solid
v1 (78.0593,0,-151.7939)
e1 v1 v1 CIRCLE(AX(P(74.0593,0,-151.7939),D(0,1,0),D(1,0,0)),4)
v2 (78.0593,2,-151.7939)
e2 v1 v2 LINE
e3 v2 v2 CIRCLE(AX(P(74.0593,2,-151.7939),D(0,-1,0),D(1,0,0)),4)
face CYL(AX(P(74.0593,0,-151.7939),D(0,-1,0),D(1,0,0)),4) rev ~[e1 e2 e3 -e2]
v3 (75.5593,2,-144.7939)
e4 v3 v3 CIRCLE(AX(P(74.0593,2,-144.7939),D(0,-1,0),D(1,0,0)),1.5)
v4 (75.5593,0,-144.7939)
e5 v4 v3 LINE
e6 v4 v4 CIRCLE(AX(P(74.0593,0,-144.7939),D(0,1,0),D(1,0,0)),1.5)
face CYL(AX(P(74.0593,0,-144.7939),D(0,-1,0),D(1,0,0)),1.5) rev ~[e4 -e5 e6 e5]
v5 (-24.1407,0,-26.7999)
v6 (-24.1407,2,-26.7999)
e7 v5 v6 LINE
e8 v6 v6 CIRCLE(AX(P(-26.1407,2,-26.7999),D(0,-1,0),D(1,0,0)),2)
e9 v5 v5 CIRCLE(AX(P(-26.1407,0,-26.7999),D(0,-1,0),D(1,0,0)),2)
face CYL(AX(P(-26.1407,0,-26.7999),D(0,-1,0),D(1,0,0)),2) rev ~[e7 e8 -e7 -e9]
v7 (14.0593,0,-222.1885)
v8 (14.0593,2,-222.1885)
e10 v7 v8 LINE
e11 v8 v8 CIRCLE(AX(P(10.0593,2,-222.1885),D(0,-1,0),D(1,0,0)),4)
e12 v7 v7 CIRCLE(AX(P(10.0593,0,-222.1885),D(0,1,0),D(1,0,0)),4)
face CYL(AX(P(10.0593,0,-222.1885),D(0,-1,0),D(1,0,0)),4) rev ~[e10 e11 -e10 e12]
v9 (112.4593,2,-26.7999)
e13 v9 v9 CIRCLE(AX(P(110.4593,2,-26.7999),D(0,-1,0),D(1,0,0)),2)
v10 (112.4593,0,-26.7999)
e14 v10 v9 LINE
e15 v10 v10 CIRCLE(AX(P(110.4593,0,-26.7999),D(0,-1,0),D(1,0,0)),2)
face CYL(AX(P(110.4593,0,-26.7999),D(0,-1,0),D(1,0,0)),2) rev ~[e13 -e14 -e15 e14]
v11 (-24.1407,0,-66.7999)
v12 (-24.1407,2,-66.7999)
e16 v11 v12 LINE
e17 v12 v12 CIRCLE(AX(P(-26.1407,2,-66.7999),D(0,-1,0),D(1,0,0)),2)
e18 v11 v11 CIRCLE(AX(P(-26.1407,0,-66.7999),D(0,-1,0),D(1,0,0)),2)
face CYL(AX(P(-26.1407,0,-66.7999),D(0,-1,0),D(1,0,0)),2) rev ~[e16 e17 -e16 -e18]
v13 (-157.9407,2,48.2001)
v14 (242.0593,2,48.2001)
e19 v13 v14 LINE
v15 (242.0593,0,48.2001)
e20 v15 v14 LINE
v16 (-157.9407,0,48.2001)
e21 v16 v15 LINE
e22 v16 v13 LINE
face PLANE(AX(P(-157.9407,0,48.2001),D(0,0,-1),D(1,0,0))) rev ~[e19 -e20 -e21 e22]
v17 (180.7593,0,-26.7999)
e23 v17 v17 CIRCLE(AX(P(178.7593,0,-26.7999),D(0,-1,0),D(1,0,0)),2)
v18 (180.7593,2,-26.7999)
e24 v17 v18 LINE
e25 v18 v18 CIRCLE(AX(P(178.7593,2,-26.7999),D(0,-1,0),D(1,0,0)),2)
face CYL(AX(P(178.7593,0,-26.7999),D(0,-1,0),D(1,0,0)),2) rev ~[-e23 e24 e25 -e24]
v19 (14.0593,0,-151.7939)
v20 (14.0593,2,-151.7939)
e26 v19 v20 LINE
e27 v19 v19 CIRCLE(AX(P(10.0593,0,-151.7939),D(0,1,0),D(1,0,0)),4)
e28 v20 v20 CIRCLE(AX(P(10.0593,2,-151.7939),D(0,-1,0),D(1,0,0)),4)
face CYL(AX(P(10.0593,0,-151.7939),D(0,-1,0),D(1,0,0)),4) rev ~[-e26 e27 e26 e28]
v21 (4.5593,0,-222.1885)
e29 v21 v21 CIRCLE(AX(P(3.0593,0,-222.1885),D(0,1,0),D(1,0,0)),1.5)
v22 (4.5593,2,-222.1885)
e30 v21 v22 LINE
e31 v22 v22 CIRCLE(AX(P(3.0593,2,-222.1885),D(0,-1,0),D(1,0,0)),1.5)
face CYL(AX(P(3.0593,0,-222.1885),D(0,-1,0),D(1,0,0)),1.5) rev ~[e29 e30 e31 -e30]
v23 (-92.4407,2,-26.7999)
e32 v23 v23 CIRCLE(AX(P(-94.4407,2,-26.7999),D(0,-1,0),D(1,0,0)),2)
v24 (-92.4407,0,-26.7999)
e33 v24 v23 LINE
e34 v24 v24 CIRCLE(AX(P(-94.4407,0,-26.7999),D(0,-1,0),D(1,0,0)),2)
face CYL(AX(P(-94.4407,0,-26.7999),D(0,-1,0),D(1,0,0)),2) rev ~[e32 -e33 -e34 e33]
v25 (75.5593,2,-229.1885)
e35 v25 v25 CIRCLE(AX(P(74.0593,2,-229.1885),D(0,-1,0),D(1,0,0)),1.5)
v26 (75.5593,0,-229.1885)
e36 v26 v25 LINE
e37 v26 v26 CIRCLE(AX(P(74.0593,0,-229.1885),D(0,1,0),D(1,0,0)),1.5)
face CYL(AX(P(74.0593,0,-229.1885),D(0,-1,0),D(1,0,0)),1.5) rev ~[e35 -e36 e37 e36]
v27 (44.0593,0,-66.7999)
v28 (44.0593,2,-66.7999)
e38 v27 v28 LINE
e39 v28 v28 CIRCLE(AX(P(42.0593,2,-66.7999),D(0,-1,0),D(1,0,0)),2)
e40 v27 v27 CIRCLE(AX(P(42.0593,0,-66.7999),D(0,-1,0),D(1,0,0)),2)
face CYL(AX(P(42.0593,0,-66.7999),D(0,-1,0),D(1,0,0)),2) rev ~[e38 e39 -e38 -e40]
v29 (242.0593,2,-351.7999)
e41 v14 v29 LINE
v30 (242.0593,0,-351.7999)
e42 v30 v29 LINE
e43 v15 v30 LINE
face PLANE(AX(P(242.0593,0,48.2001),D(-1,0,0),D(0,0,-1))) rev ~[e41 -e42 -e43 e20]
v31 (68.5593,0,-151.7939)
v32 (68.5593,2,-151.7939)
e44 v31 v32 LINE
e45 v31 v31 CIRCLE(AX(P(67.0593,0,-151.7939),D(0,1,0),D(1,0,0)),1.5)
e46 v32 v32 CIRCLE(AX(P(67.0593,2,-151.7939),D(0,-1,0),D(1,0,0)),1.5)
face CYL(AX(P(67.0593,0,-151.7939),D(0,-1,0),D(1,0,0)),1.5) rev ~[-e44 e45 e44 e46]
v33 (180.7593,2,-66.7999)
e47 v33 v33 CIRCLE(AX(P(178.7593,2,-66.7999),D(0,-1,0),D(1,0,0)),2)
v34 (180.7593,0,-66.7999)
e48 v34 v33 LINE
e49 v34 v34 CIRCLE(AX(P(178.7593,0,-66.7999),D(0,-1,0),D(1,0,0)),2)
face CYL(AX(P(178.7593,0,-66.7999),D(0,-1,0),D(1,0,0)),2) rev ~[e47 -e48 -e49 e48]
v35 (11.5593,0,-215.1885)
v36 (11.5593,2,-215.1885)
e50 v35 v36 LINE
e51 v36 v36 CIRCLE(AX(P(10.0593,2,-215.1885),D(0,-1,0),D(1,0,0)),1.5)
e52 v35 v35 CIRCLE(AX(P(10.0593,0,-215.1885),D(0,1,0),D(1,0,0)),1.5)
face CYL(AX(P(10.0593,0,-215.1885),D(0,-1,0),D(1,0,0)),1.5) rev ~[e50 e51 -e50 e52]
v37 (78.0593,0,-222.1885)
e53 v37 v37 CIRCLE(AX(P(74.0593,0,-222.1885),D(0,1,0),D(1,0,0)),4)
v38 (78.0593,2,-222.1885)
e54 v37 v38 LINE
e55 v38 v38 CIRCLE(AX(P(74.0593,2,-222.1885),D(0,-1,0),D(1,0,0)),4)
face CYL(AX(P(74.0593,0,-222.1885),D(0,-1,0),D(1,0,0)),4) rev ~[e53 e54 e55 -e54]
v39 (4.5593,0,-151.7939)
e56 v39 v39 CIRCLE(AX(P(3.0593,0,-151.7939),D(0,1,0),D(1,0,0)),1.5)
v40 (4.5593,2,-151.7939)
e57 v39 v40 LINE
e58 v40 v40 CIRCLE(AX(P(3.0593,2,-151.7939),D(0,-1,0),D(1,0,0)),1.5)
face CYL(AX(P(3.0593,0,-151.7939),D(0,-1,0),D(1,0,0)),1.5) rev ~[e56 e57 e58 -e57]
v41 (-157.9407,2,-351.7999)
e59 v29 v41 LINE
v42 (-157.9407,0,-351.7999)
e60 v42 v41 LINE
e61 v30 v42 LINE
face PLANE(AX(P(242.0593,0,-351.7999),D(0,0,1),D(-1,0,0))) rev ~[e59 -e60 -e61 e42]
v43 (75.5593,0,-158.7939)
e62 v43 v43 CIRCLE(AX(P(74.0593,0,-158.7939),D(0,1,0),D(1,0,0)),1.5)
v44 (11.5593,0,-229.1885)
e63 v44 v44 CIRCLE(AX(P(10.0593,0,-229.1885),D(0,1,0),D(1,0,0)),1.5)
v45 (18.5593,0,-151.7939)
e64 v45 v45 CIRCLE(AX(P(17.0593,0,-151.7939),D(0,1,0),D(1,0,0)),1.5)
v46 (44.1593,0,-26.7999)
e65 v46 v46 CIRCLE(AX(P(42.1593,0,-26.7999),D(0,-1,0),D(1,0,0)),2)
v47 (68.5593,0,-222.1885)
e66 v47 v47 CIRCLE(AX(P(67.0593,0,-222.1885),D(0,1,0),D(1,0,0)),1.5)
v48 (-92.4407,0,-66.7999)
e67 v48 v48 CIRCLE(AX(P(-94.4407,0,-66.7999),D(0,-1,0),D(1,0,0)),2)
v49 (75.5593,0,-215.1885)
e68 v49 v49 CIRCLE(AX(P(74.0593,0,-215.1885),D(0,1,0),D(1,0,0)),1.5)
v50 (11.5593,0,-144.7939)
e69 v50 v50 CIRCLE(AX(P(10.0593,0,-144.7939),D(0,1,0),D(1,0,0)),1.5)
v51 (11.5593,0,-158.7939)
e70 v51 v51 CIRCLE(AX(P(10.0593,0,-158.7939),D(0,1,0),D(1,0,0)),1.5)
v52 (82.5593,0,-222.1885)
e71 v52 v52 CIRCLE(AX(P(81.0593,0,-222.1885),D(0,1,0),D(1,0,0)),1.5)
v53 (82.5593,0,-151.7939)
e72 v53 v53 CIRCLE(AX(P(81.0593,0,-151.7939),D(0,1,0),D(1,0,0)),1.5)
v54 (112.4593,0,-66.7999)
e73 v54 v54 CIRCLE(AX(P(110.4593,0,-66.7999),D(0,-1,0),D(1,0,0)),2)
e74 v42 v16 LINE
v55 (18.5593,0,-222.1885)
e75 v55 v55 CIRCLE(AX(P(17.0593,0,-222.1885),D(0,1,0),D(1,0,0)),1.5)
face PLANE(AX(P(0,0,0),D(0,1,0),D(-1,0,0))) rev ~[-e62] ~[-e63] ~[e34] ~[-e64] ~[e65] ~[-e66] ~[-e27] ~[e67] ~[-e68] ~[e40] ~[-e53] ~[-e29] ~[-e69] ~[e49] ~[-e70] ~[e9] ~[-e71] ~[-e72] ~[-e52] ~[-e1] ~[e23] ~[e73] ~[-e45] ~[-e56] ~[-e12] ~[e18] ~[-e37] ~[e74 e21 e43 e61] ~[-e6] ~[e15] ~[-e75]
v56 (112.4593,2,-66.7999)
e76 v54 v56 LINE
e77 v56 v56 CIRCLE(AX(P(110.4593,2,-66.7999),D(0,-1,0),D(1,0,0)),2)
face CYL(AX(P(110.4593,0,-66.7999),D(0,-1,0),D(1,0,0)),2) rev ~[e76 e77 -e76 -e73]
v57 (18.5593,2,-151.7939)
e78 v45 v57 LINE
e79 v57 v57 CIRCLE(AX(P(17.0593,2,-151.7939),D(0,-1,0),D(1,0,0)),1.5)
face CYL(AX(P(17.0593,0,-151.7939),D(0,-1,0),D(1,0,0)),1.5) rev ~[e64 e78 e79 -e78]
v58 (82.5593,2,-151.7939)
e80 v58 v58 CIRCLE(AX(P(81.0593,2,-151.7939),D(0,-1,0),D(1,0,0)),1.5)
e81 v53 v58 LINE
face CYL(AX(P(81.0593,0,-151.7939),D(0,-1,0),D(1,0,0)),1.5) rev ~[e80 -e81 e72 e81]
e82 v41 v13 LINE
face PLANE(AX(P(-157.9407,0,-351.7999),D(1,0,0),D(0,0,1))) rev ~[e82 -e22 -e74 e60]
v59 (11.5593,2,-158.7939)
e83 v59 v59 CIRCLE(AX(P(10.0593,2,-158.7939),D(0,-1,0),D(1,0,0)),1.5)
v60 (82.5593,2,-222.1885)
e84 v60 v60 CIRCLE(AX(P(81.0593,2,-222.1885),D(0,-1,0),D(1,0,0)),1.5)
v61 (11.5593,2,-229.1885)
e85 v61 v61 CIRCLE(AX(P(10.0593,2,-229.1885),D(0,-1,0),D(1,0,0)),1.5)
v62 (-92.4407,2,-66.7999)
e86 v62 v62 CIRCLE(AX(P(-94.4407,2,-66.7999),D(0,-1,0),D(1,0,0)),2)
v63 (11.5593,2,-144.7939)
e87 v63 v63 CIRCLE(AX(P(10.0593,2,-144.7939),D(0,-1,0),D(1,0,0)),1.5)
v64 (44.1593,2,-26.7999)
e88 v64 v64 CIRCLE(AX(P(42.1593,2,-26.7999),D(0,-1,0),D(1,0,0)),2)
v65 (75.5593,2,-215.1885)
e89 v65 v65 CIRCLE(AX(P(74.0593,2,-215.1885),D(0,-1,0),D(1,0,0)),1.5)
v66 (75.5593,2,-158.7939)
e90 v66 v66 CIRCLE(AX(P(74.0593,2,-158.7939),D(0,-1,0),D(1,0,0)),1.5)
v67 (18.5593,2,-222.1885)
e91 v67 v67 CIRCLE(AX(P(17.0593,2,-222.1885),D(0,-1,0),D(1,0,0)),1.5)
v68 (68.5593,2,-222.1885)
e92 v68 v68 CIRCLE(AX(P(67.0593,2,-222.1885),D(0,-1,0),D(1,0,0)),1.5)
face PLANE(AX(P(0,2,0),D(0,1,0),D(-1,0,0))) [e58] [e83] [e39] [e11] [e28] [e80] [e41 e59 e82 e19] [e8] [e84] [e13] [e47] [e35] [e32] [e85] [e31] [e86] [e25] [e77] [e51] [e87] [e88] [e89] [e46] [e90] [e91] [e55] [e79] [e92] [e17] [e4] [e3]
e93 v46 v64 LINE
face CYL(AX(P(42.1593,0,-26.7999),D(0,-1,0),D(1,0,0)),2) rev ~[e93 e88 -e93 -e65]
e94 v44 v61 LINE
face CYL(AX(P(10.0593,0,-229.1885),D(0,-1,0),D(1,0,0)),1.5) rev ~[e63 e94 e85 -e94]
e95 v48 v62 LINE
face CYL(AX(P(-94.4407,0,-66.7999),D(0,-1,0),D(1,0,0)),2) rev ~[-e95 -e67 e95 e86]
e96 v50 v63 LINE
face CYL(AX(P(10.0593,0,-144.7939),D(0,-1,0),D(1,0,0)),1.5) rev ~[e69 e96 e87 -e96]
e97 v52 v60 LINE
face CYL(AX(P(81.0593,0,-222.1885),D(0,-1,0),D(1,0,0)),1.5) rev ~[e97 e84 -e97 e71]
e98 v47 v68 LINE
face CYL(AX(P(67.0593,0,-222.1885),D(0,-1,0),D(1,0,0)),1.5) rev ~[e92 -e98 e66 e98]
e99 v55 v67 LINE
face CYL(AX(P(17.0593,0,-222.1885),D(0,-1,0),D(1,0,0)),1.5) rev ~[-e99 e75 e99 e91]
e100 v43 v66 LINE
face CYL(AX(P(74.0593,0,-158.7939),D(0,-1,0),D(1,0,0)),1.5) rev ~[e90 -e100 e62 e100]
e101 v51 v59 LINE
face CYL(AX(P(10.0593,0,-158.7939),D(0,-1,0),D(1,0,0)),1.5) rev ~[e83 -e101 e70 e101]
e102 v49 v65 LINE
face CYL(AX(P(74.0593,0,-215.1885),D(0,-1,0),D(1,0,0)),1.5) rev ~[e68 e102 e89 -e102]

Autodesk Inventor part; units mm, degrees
ref_plane "YZ Plane" through (0, 0, 0) normal (1, 0, 0) x (0, 1, 0)
ref_plane "XZ Plane" through (0, 0, 0) normal (0, 1, 0) x (-1, 0, 0)
ref_plane "XY Plane" through (0, 0, 0) normal (0, 0, 1) x (1, 0, 0)
sketch "Эскиз1" plane through (0, 0, 0) normal (0, 1, 0) x (-1, 0, 0)
  line L0 (157.9407, 48.2001) -> (-242.0593, 48.2001)
  line L1 (-242.0593, 48.2001) -> (-242.0593, -351.7999)
  line L2 (-242.0593, -351.7999) -> (157.9407, -351.7999)
  line L3 (157.9407, -351.7999) -> (157.9407, 48.2001)
  point P0 (0, 0)
  dimension "d0" = 400
  dimension "d1" = 400
extrude "Выдавливание1" add sketch "Эскиз1" along normal blind 2
sketch "Эскиз6" plane through (0, 0, 0) normal (0, -1, 0) x (1, 0, 0)
  line L0 (242.0593, -351.7999) -> (-157.9407, -351.7999) projected
  line L1 (-157.9407, -351.7999) -> (-157.9407, 48.2001) projected
  circle A0 centre (10.0593, -151.7939) radius 4
  circle A1 centre (42.0593, -186.9912) radius 47.5694
  circle A2 centre (74.0593, -151.7939) radius 4
  circle A3 centre (74.0593, -222.1885) radius 4
  circle A4 centre (10.0593, -222.1885) radius 4
  point P0 (0, 0)
  point P1 (42.0593, -351.7999)
  point P2 (-157.9407, -151.7999)
  point P3 (27.0149, -151.5386)
  dimension "d22" = 8
  dimension "d23" = 8
  dimension "d24" = 8
  dimension "d25" = 8
  dimension "d26" = 70.3946
  dimension "d27" = 64
  dimension "d28" = 70.3946
  dimension "d29" = 64
extrude "Выдавливание3" cut sketch "Эскиз6" against normal blind 10 contours A0 A1 | A1 A0 | A2 A1 | A1 A2 | A4 A1 | A1 A4 | A3 A1 | A1 A3
sketch "Эскиз7" plane through (0, 0, 0) normal (0, -1, 0) x (1, 0, 0)
  circle A0 centre (178.7593, -26.7999) radius 2
  circle A1 centre (-94.4407, -26.7999) radius 2
  circle A2 centre (-26.1407, -26.7999) radius 2
  circle A3 centre (42.1593, -26.7999) radius 2
  circle A4 centre (110.4593, -26.7999) radius 2
  line L0 (242.0593, 48.2001) -> (242.0593, -351.7999) projected
  line L1 (-157.9407, 48.2001) -> (242.0593, 48.2001) projected
  circle A5 centre (178.7593, -66.7999) radius 2
  circle A6 centre (110.4593, -66.7999) radius 2
  circle A7 centre (42.0593, -66.7999) radius 2
  circle A8 centre (-26.1407, -66.7999) radius 2
  circle A9 centre (-94.4407, -66.7999) radius 2
  point P0 (0, 0)
  dimension "d33" = 4
  dimension "d34" = 4
  dimension "d35" = 4
  dimension "d36" = 4
  dimension "d37" = 4
  dimension "d38" = 63.3
  dimension "d39" = 75
  dimension "d40" = 68.3
  dimension "d41" = 68.3
  dimension "d42" = 68.3
  dimension "d43" = 68.3
  dimension "d44" = 4
  dimension "d45" = 4
  dimension "d46" = 4
  dimension "d47" = 4
  dimension "d48" = 40
  dimension "d49" = 40
  dimension "d50" = 40
  dimension "d51" = 40
  dimension "d52" = 40
  dimension "d77" = 4
extrude "Выдавливание4" cut sketch "Эскиз7" against normal blind 10
sketch "Эскиз11" plane through (0, 0, 0) normal (0, -1, 0) x (1, 0, 0)
  circle A0 centre (74.0593, -222.1885) radius 4 projected
  circle A1 centre (74.0593, -222.1885) radius 7
  circle A2 centre (10.0593, -222.1885) radius 4 projected
  circle A3 centre (10.0593, -222.1885) radius 7
  circle A4 centre (10.0593, -151.7939) radius 4 projected
  circle A5 centre (10.0593, -151.7939) radius 7
  circle A6 centre (74.0593, -151.7939) radius 7
  circle A7 centre (81.0593, -222.1885) radius 1.5
  circle A8 centre (67.0593, -222.1885) radius 1.5
  circle A9 centre (74.0593, -229.1885) radius 1.5
  circle A10 centre (74.0593, -215.1885) radius 1.5
  circle A11 centre (74.0593, -158.7939) radius 1.5
  circle A12 centre (81.0593, -151.7939) radius 1.5
  circle A13 centre (74.0593, -144.7939) radius 1.5
  circle A14 centre (67.0593, -151.7939) radius 1.5
  circle A15 centre (17.0593, -151.7939) radius 1.5
  circle A16 centre (3.0593, -151.7939) radius 1.5
  circle A17 centre (10.0593, -158.7939) radius 1.5
  circle A18 centre (10.0593, -144.7939) radius 1.5
  circle A19 centre (10.0593, -215.1885) radius 1.5
  circle A20 centre (10.0593, -229.1885) radius 1.5
  circle A21 centre (3.0593, -222.1885) radius 1.5
  circle A22 centre (17.0593, -222.1885) radius 1.5
  point P0 (0, 0)
  dimension "d55" = 14
  dimension "d56" = 14
  dimension "d57" = 14
  dimension "d58" = 14
  dimension "d59" = 3
  dimension "d60" = 3
  dimension "d61" = 3
  dimension "d62" = 3
  dimension "d63" = 3
  dimension "d64" = 3
  dimension "d65" = 3
  dimension "d66" = 3
  dimension "d67" = 3
  dimension "d68" = 3
  dimension "d69" = 3
  dimension "d70" = 3
  dimension "d71" = 3
  dimension "d72" = 3
  dimension "d73" = 3
  dimension "d74" = 3
extrude "Выдавливание5" cut sketch "Эскиз11" against normal blind 10 contours A1 A7 | A1 A7 | A10 A1 | A1 A10 | A9 A1 | A1 A9 | A8 A1 | A1 A8 | A3 A22 | A3 A22 | A19 A3 | A3 A19 | A20 A3 | A3 A20 | A21 A3 | A3 A21 | A5 A15 | A5 A15 | A18 A5 | A5 A18 | A17 A5 | A5 A17 | A16 A5 | A5 A16 | A6 A12 | A6 A12 | A13 A6 | A6 A13 | A11 A6 | A6 A11 | A14 A6 | A6 A14
properties part number "фанера" material "Древесина (дуб)"
